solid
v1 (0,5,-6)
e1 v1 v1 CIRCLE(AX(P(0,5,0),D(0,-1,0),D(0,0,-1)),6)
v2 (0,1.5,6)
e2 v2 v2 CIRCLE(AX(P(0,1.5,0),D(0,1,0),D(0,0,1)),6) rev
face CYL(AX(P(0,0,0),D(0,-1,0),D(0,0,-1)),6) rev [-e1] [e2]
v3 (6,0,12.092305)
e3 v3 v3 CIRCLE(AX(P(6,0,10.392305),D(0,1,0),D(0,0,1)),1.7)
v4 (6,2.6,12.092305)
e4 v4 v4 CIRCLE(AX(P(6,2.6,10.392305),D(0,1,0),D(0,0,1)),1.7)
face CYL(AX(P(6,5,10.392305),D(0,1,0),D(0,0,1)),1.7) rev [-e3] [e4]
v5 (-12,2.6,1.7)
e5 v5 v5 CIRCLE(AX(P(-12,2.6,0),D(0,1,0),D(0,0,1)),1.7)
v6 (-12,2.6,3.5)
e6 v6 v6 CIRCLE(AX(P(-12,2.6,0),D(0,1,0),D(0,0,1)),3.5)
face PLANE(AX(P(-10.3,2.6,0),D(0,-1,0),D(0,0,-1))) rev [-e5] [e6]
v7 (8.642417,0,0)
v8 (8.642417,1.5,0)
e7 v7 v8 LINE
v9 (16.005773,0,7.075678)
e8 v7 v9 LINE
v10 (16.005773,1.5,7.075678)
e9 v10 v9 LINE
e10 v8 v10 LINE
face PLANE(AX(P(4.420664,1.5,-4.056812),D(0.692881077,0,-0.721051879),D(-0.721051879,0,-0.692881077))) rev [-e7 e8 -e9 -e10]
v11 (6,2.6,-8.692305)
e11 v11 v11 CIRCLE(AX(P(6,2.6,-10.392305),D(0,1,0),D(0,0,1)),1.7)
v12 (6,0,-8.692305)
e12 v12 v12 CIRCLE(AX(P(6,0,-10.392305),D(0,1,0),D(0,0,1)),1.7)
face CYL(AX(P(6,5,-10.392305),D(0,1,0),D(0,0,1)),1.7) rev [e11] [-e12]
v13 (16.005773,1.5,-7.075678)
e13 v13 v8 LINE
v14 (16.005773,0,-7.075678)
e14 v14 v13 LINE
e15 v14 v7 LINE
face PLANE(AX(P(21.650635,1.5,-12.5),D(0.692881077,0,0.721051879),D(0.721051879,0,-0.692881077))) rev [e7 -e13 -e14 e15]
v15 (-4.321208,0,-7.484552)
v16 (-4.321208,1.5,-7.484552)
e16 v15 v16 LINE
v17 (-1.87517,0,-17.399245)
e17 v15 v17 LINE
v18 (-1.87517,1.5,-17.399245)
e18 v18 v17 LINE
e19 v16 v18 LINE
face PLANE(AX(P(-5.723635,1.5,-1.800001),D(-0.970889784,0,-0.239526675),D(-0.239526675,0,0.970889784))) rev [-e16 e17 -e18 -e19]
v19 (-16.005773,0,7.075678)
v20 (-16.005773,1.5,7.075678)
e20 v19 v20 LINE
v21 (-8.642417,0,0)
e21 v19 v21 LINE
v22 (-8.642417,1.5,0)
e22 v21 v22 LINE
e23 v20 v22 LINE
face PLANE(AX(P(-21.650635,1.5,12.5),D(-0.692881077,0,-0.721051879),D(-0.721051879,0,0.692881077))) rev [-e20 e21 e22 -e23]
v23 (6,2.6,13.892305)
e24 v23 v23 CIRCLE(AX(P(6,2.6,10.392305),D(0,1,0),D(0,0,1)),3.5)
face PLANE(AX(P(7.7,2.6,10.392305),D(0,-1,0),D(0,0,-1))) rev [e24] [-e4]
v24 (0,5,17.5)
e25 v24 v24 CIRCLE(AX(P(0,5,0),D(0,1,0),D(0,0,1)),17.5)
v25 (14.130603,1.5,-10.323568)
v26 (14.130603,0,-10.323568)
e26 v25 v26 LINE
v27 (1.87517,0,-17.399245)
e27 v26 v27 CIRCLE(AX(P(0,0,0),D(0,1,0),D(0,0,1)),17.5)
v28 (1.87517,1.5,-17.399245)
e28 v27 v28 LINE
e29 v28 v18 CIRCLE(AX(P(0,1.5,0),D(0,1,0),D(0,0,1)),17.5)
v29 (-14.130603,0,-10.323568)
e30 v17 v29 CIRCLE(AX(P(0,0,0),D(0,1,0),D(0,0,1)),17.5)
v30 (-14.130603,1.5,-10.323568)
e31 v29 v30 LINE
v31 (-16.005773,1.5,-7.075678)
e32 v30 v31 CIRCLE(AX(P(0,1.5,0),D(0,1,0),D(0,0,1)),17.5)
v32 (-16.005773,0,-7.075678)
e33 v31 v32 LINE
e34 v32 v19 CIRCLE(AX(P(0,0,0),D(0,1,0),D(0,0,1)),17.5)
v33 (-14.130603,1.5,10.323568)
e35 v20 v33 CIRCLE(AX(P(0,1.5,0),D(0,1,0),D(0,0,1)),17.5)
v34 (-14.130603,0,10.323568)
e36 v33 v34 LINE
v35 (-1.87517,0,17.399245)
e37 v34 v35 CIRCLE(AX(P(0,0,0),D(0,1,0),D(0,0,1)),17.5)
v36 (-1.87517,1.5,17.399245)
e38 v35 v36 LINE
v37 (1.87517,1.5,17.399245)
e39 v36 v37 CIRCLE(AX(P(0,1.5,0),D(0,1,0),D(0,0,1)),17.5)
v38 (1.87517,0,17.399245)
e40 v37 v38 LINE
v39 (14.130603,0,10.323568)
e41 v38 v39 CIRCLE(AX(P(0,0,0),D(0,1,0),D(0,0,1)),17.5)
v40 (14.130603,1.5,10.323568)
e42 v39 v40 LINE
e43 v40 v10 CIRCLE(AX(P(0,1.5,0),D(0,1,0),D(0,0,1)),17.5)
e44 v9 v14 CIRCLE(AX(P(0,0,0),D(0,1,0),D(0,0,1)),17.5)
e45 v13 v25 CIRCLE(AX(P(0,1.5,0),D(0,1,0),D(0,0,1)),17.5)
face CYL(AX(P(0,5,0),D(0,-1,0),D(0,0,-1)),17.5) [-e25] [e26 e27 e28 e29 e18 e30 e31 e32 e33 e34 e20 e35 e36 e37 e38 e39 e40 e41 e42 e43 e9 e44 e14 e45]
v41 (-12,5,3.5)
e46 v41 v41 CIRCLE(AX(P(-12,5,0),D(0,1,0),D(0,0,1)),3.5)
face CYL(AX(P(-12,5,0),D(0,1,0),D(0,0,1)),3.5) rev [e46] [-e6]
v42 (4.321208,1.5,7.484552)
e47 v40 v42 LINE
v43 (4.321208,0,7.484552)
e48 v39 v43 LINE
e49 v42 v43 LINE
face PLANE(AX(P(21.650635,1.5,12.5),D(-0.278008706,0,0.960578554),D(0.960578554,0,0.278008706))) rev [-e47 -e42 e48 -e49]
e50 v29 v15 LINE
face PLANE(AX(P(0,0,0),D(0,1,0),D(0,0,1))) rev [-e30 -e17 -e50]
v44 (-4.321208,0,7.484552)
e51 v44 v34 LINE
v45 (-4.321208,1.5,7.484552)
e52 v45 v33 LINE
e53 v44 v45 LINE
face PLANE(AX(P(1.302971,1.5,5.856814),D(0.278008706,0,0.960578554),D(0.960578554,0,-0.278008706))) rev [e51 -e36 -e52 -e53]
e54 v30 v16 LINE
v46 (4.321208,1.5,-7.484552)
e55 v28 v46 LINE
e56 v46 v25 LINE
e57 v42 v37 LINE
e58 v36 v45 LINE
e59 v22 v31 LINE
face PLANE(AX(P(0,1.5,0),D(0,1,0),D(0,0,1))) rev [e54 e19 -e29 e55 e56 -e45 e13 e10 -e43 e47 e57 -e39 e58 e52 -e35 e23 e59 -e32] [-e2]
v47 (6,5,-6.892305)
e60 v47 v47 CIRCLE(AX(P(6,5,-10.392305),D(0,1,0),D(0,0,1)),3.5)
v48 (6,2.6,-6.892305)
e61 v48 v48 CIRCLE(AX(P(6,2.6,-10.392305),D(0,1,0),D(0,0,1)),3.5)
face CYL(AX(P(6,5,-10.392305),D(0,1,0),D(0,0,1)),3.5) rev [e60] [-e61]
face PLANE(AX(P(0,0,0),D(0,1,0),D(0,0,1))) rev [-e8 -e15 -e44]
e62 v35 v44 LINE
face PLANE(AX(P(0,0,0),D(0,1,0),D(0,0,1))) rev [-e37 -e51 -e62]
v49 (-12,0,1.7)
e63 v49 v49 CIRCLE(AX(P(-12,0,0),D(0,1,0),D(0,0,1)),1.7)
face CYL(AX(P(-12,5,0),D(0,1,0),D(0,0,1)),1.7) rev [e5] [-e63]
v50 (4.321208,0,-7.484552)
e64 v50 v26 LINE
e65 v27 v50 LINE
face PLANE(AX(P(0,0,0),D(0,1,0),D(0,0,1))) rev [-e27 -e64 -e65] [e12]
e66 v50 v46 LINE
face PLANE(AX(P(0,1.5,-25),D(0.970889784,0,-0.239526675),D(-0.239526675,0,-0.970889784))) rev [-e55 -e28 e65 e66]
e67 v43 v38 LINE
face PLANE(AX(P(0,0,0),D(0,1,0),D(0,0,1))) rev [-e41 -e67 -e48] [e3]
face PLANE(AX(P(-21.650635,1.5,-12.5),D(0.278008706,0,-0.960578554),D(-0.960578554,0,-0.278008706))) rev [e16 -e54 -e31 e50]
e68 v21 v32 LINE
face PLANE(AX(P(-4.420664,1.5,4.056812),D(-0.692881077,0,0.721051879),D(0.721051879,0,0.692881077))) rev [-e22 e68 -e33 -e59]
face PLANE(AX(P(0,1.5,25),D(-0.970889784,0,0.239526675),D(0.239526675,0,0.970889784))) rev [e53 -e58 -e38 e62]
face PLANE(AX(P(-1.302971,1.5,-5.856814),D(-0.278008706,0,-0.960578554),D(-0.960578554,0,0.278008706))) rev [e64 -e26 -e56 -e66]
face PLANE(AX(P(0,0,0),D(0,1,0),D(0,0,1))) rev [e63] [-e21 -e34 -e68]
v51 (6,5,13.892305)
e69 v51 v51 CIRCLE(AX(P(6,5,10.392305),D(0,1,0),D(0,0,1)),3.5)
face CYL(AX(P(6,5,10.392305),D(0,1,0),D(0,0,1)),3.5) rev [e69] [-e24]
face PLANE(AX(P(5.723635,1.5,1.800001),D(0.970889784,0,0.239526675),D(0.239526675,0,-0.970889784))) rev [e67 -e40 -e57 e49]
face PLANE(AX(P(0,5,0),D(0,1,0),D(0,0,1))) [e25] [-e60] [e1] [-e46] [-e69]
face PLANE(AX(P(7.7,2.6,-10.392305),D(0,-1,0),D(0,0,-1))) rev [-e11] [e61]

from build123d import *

# Parameters (mm, degrees)
SKETCH1_R                                = 17.5
BOSS_EXTRUDE1_DEPTH                      = 5
CBORE_FOR_M3_PAN_HEAD_SCREW1_D           = 3.4
CBORE_FOR_M3_PAN_HEAD_SCREW1_CBORE_D     = 7
CBORE_FOR_M3_PAN_HEAD_SCREW1_CBORE_DEPTH = 2.4
CIRPATTERN1_COUNT                        = 3
F_12_0_12_DIAMETER_HOLE1_D               = 12
CUT_EXTRUDE1_DEPTH                       = 1.5
CIRPATTERN2_COUNT                        = 6


with BuildPart() as part:
    # Sketch1 → Boss-Extrude1 (new body)
    with BuildSketch(Plane(origin=(0, 0, 0), x_dir=(1, 0, 0), z_dir=(0, 1, 0))):
        with Locations(Location((0, 0, 0), (0, 0, 270))):
            Circle(SKETCH1_R)
    extrude(amount=BOSS_EXTRUDE1_DEPTH)

    # CBORE for M3 Pan Head Screw1 (through all)
    with Locations(Plane(origin=(0, 5, 0), x_dir=(1, 0, 0), z_dir=(0, 1, 0))):
        with Locations((-12, 0)):
            cbore_for_m3_pan_head_screw1 = CounterBoreHole(CBORE_FOR_M3_PAN_HEAD_SCREW1_D / 2, CBORE_FOR_M3_PAN_HEAD_SCREW1_CBORE_D / 2, CBORE_FOR_M3_PAN_HEAD_SCREW1_CBORE_DEPTH)

    # CirPattern1: CBORE for M3 Pan Head Screw1 ×3 about axis
    cirpattern1_axis = Axis((0, 0, 0), (0, 1, 0))
    for i in range(1, CIRPATTERN1_COUNT):
        add(cbore_for_m3_pan_head_screw1.rotate(cirpattern1_axis, i * 360 / CIRPATTERN1_COUNT), mode=Mode.SUBTRACT)

    # Ø12.0 (12) Diameter Hole1 (through all)
    with Locations(Plane(origin=(0, 0, 0), x_dir=(-1, 0, 0), z_dir=(0, -1, 0))):
        with Locations((0, 0)):
            Hole(F_12_0_12_DIAMETER_HOLE1_D / 2)

    # Sketch7 → Cut-Extrude1 (cut)
    with BuildSketch(Plane.XZ):
        Polygon((0, 25), (-5.723634799, 1.800001303), (5.723634799, 1.800001303), align=None)
    cut_extrude1 = extrude(amount=-CUT_EXTRUDE1_DEPTH, mode=Mode.SUBTRACT)

    # CirPattern2: Cut-Extrude1 ×6 about axis
    cirpattern2_axis = Axis((0, 0, 0), (0, 1, 0))
    for i in range(1, CIRPATTERN2_COUNT):
        add(cut_extrude1.rotate(cirpattern2_axis, i * 360 / CIRPATTERN2_COUNT), mode=Mode.SUBTRACT)


solid = part.part
